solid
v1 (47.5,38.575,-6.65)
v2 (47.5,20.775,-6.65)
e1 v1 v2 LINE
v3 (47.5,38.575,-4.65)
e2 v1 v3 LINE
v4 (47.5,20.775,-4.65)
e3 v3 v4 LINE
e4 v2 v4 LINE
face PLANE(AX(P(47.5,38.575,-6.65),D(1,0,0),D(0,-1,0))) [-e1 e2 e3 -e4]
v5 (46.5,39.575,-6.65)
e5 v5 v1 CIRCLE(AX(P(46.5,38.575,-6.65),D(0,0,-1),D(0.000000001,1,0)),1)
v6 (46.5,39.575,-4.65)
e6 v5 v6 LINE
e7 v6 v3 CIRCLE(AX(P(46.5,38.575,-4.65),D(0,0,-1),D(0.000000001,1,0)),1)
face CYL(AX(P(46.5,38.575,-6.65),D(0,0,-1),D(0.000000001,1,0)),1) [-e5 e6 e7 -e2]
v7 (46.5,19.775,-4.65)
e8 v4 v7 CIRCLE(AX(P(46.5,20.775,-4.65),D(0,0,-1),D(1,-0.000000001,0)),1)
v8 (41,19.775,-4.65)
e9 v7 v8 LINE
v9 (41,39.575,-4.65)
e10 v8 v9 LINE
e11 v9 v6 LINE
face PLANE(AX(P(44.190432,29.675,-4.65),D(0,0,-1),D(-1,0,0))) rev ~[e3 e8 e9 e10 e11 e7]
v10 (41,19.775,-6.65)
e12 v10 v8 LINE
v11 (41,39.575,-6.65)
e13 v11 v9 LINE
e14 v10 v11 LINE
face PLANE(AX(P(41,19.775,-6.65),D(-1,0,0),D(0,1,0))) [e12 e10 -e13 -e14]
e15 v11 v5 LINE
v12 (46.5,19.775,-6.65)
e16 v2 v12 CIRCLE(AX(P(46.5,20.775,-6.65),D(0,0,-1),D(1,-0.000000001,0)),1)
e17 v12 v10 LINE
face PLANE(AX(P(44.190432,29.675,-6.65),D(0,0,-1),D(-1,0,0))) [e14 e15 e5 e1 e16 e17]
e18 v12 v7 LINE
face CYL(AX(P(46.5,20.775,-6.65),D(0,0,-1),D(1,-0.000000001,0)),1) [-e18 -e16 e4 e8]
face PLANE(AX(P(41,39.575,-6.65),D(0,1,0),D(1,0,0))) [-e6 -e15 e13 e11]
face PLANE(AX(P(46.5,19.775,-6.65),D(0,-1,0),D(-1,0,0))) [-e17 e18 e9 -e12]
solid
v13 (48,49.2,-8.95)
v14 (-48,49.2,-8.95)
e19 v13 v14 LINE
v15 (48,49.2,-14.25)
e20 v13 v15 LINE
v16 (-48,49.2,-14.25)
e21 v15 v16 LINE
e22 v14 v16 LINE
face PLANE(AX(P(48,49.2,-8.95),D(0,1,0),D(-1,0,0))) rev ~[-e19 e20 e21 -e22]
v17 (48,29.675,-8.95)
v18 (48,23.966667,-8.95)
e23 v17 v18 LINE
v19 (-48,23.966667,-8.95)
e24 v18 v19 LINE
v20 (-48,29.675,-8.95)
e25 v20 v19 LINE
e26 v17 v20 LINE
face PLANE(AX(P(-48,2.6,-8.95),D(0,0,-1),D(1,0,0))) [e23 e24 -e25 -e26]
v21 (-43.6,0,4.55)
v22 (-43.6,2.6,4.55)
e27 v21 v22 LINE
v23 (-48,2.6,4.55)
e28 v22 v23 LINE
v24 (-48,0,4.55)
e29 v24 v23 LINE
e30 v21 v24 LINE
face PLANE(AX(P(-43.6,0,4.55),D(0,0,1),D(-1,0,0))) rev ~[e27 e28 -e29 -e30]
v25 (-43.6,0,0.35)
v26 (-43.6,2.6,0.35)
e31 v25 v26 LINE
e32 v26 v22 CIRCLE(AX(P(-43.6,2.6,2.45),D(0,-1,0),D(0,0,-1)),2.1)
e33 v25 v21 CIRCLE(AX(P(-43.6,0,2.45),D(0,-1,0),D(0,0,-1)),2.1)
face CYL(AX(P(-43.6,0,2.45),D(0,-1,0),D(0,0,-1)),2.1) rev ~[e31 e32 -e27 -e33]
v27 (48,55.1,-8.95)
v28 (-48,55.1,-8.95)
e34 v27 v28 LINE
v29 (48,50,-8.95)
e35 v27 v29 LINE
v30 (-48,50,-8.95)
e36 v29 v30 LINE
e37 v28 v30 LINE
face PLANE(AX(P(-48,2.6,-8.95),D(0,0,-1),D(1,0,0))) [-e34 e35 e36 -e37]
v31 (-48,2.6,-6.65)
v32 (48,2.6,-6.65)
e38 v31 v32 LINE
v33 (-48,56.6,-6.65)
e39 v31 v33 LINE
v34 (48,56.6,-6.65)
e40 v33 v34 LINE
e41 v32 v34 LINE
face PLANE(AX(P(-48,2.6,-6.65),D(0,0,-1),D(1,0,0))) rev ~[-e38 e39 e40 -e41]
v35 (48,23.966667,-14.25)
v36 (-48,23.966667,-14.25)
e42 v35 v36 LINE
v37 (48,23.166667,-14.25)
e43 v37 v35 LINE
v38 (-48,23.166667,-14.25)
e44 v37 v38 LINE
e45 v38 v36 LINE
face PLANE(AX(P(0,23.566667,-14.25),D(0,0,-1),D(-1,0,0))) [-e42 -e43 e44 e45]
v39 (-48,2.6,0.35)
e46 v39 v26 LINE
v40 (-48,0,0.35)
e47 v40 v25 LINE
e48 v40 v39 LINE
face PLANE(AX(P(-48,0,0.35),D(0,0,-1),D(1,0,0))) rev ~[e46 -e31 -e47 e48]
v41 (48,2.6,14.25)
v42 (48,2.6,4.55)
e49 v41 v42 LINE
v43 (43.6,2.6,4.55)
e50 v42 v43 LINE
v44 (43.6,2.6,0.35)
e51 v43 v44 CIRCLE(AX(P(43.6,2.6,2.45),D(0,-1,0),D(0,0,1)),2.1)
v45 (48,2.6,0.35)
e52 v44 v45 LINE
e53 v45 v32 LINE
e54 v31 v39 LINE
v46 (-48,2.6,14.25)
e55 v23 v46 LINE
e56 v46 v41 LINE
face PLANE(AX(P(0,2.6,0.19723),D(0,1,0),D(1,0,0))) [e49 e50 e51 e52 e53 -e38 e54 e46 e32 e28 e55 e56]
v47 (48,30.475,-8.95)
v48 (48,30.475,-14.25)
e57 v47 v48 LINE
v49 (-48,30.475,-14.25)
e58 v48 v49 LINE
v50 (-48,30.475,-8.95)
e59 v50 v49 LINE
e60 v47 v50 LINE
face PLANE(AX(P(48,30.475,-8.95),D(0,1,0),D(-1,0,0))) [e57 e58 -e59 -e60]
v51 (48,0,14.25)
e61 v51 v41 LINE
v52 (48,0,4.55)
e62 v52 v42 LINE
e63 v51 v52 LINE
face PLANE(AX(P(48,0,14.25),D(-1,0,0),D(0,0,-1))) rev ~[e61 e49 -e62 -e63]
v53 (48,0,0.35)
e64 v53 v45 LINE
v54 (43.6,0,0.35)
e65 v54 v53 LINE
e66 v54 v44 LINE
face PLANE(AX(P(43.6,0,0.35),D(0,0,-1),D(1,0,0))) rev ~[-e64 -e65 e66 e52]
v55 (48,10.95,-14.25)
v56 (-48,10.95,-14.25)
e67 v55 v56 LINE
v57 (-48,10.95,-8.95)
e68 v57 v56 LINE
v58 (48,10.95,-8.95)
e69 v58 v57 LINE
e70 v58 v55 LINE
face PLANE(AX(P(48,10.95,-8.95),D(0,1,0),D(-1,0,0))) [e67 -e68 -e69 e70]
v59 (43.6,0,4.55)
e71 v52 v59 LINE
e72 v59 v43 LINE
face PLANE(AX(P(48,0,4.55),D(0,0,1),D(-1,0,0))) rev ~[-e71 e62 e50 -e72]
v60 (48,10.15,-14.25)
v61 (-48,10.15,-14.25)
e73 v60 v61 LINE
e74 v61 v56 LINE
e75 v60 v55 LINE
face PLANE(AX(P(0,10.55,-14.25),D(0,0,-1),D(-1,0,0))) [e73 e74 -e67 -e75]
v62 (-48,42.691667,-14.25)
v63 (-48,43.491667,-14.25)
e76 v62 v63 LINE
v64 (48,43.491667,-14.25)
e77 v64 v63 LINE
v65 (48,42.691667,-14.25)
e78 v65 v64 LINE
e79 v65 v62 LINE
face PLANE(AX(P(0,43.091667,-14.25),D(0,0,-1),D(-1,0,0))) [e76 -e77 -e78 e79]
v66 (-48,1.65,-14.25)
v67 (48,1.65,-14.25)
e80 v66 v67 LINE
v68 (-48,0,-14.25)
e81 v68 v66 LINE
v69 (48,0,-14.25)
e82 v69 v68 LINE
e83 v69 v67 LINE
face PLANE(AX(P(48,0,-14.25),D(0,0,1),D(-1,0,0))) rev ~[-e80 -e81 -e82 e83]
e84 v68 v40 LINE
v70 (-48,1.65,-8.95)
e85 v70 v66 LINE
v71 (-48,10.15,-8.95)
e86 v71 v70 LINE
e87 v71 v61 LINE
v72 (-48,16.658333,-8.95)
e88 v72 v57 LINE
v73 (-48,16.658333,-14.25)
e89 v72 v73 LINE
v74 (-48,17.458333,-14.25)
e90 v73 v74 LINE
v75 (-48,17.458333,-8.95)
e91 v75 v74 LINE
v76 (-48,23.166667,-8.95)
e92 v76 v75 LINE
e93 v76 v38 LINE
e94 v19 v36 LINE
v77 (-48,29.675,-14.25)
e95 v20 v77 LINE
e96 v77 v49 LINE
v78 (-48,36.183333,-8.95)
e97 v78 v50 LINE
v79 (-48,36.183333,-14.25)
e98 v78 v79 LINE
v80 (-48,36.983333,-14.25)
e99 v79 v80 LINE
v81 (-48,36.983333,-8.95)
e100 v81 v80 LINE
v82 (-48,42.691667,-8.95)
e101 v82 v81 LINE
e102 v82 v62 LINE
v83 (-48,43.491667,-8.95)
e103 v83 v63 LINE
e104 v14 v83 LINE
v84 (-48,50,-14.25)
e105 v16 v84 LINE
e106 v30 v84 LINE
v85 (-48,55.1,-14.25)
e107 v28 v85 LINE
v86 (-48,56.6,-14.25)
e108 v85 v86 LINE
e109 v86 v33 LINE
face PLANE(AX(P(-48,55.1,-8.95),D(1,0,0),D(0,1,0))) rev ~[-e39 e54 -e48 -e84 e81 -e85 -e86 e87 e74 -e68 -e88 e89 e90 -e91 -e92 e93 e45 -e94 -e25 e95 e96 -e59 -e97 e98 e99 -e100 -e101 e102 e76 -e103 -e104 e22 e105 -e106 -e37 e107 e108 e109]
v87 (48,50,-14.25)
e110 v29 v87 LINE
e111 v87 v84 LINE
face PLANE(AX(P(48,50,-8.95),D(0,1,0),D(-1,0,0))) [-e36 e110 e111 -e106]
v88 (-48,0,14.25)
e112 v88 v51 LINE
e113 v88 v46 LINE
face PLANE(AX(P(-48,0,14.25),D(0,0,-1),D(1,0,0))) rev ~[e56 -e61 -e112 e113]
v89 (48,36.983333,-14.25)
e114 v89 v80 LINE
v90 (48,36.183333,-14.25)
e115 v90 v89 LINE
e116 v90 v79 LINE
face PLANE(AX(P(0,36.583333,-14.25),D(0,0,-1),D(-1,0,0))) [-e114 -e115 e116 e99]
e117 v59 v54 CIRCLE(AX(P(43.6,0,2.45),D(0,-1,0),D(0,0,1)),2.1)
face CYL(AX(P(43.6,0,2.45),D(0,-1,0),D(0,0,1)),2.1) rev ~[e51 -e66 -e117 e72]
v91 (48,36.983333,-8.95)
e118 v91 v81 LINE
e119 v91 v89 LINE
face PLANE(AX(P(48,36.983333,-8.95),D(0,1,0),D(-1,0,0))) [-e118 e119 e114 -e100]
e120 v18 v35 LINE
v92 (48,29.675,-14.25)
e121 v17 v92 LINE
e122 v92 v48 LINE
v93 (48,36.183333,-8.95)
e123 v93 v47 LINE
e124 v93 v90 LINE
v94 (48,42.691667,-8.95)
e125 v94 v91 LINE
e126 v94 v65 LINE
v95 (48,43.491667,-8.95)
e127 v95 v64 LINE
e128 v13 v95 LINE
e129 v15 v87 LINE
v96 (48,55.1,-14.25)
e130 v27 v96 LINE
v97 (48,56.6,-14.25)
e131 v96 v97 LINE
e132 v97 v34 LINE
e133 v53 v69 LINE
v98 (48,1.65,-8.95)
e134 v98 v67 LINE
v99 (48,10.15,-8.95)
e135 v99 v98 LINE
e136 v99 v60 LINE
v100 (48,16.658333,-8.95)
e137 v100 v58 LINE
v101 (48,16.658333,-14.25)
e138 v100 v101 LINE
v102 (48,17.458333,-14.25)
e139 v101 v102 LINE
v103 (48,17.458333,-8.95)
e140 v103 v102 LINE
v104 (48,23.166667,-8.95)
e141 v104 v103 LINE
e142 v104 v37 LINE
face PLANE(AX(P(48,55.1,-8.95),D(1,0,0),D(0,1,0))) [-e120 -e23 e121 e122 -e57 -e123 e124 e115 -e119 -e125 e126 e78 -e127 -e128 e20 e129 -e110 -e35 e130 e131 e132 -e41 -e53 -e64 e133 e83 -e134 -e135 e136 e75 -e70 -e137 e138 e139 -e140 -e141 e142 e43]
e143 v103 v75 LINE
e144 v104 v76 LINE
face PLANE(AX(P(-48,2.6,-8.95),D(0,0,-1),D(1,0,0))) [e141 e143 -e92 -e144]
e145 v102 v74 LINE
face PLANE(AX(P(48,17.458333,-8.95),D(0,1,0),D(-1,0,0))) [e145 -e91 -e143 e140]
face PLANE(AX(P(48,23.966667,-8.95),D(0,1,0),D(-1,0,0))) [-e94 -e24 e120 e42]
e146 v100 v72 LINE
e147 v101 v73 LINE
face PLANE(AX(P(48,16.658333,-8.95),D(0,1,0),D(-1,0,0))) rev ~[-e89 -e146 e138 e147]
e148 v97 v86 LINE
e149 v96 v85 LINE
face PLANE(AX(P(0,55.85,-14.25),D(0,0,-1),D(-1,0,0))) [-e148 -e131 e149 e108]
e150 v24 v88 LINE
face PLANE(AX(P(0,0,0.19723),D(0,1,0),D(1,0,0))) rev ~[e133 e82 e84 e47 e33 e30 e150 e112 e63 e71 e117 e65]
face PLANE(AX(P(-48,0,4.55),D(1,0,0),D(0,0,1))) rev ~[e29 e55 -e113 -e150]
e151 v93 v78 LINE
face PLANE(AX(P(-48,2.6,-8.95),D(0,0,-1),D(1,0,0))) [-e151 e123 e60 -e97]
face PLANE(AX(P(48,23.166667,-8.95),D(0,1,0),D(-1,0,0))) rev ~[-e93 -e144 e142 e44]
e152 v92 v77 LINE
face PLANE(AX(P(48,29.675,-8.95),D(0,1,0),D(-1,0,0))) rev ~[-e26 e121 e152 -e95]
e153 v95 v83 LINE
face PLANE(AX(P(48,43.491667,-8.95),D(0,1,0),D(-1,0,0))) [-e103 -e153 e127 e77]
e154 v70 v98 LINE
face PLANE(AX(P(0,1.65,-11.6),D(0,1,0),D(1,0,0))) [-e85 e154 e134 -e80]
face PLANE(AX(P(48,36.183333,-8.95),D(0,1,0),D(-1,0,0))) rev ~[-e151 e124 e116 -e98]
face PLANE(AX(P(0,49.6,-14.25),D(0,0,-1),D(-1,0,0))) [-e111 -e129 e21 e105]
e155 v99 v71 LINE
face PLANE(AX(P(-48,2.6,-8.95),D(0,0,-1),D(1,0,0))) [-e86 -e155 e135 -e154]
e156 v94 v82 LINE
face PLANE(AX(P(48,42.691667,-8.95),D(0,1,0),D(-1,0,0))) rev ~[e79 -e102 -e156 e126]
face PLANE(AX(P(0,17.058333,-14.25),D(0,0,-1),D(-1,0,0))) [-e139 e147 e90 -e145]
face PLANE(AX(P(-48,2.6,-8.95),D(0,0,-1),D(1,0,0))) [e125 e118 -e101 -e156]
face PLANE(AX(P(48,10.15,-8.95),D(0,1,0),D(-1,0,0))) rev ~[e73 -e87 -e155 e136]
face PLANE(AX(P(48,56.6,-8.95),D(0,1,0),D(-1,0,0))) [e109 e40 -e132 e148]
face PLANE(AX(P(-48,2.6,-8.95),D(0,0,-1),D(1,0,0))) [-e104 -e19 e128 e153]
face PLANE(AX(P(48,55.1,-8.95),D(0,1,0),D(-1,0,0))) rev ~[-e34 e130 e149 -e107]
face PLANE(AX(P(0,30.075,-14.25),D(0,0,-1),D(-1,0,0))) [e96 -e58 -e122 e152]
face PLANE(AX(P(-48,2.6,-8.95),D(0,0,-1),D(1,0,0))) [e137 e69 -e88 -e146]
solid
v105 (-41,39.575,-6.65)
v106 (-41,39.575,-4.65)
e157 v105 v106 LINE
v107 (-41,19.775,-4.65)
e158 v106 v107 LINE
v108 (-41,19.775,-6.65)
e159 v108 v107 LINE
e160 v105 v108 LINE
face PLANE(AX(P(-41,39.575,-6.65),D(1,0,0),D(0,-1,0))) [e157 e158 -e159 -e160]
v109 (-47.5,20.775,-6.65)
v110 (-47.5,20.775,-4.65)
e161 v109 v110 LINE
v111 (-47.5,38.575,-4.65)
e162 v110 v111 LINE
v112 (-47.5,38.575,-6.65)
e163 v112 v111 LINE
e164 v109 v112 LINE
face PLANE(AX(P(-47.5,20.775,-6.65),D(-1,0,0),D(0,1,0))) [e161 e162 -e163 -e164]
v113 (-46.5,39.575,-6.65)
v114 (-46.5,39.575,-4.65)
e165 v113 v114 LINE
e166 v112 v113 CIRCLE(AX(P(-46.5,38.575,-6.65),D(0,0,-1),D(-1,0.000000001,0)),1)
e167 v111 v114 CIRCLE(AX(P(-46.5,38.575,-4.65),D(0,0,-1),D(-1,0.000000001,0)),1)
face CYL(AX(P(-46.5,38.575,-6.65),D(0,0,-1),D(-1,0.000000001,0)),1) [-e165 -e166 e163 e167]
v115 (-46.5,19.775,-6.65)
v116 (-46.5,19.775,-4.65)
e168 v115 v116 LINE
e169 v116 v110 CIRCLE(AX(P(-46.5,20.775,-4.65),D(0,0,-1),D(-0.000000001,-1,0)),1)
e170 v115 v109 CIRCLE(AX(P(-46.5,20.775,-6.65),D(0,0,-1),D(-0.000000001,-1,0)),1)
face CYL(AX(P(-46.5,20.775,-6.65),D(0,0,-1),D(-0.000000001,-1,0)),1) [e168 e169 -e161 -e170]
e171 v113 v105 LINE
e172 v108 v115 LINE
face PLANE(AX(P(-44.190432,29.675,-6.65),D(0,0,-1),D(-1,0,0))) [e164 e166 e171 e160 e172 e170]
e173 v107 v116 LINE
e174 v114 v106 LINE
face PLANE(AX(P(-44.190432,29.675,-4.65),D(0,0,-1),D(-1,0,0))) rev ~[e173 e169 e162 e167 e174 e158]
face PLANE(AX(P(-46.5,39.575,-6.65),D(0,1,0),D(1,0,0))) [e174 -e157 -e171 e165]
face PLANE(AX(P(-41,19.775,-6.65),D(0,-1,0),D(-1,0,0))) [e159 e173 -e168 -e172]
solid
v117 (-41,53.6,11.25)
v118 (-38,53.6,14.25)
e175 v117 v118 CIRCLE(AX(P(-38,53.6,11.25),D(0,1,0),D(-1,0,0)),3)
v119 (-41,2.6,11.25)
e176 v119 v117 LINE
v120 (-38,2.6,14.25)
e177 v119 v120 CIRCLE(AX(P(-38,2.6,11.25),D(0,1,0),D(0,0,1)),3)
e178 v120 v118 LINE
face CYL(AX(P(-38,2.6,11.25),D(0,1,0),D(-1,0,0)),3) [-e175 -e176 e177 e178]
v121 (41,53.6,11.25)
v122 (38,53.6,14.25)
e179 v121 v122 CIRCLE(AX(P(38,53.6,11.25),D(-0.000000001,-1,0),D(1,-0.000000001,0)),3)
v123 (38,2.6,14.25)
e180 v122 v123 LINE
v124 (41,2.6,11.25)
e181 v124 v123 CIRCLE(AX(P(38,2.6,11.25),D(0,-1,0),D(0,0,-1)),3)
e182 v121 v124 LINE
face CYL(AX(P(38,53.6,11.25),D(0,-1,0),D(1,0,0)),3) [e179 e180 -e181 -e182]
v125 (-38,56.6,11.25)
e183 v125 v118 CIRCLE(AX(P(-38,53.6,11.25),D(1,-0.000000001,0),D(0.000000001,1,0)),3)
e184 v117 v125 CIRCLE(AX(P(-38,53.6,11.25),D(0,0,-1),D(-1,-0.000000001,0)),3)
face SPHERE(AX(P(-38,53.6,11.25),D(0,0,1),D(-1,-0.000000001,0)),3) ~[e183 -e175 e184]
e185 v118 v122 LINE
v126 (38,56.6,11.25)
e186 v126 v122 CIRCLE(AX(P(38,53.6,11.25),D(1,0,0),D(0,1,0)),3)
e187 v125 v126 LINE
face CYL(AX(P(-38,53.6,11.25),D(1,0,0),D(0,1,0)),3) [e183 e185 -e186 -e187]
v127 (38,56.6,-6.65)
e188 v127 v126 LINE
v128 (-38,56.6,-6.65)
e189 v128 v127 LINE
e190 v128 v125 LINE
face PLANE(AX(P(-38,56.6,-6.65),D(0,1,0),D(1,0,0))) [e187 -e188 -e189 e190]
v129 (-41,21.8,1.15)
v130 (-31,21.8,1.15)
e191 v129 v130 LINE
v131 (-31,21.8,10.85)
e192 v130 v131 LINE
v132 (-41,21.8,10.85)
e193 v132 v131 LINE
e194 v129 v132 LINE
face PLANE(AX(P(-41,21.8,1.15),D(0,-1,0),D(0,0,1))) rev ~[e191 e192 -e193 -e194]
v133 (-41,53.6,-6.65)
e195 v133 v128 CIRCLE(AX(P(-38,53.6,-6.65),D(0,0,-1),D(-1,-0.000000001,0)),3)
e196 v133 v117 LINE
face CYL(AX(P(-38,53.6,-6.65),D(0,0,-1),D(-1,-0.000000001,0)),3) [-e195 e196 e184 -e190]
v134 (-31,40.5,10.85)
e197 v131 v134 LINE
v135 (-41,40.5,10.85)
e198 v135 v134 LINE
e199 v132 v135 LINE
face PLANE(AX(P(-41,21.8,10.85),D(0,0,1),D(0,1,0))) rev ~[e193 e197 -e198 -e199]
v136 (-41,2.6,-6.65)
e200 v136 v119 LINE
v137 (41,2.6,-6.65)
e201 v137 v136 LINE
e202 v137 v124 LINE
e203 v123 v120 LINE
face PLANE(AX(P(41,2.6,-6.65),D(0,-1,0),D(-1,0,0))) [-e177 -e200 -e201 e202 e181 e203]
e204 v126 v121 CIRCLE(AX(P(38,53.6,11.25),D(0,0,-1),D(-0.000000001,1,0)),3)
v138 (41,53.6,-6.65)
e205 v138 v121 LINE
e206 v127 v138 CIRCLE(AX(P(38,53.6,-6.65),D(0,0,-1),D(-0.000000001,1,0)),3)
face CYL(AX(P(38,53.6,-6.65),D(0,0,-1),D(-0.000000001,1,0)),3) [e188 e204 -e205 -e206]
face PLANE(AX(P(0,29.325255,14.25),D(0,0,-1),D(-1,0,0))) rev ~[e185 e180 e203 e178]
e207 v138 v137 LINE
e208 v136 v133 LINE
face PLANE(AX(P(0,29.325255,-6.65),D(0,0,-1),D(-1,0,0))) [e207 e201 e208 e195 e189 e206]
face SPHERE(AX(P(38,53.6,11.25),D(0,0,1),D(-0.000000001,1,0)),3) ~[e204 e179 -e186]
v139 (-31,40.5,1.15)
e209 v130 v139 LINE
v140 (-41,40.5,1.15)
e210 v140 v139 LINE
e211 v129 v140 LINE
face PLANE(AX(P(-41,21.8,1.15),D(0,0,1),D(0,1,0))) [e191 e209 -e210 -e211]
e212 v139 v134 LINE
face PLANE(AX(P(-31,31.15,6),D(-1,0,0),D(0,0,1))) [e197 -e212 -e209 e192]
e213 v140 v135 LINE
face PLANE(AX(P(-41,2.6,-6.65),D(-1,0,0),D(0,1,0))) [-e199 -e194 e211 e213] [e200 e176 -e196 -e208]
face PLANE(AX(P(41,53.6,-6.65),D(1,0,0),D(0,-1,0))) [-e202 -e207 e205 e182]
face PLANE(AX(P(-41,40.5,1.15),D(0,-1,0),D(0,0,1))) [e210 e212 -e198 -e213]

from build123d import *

# Parameters (mm, degrees)
RESSALTO_EXTRUS_O1_DEPTH   = 2.6
ESBO_O2_W                  = 96
ESBO_O2_H                  = 2.3
RESSALTO_EXTRUS_O2_DEPTH   = 54
ESBO_O3_W                  = 96
ESBO_O3_H                  = 5.3
CORTE_EXTRUS_O1_DEPTH      = 0.95
ESBO_O4_W                  = 96
ESBO_O4_H                  = 1.5
RESSALTO_EXTRUS_O3_DEPTH   = 5.3
ESBO_O5_W                  = 96
ESBO_O5_H                  = 0.8
EXTRUS_O_FINA1_DEPTH       = 5.3
RESSALTO_EXTRUS_O4_DEPTH   = 20.9
FILETE1_R                  = 3
ESBO_O7_W                  = 9.7
ESBO_O7_H                  = 18.7
CORTE_EXTRUS_O2_DEPTH      = 10
RESSALTO_EXTRUS_O5_DEPTH   = 2
RESSALTO_EXTRUS_O5_2_DEPTH = 2


with BuildPart() as part:
    # Esboço1 → Ressalto-extrusão1 (new body)
    with BuildSketch(Plane(origin=(0, 0, 0), x_dir=(1, 0, 0), z_dir=(0, 1, 0))):
        with BuildLine():
            Line((-48, -0.35), (-43.6, -0.35))
            ThreePointArc((-43.6, -0.35), (-41.5, -2.45), (-43.6, -4.55))
            Line((-43.6, -4.55), (-48, -4.55))
            Line((-48, -4.55), (-48, -14.25))
            Line((-48, -14.25), (48, -14.25))
            Line((48, -14.25), (48, -4.55))
            Line((48, -4.55), (43.6, -4.55))
            ThreePointArc((43.6, -4.55), (41.5, -2.45), (43.6, -0.35))
            Line((43.6, -0.35), (48, -0.35))
            Line((48, -0.35), (48, 14.25))
            Line((48, 14.25), (-48, 14.25))
            Line((-48, 14.25), (-48, -0.35))
        make_face()
    extrude(amount=RESSALTO_EXTRUS_O1_DEPTH)

    # Esboço2 → Ressalto-extrusão2 (add)
    with BuildSketch(Plane(origin=(0, 2.6, 0), x_dir=(1, 0, 0), z_dir=(0, 1, 0))):
        with Locations((0, 7.8)):
            Rectangle(ESBO_O2_W, ESBO_O2_H)
    extrude(amount=RESSALTO_EXTRUS_O2_DEPTH)

    # Esboço3 → Corte-extrusão1 (cut)
    with BuildSketch(Plane(origin=(0, 2.6, 0), x_dir=(1, 0, 0), z_dir=(0, 1, 0))):
        with Locations((0, 11.6)):
            Rectangle(ESBO_O3_W, ESBO_O3_H)
    extrude(amount=-CORTE_EXTRUS_O1_DEPTH, mode=Mode.SUBTRACT)

    # Esboço4 → Ressalto-extrusão3 (add)
    with BuildSketch(Plane(origin=(0, 0, -8.95), x_dir=(-1, 0, 0), z_dir=(0, 0, -1))):
        with Locations((0, 55.85)):
            Rectangle(ESBO_O4_W, ESBO_O4_H)
    extrude(amount=RESSALTO_EXTRUS_O3_DEPTH)

    # Esboço5 → Extrusão-Fina1 (add)
    with BuildSketch(Plane(origin=(0, 0, -8.95), x_dir=(-1, 0, 0), z_dir=(0, 0, -1))):
        with Locations((0, 49.6)):
            Rectangle(ESBO_O5_W, ESBO_O5_H)
        with Locations((0, 43.091666667)):
            Rectangle(ESBO_O5_W, ESBO_O5_H)
        with Locations((0, 36.583333333)):
            Rectangle(ESBO_O5_W, ESBO_O5_H)
        with Locations((0, 30.075)):
            Rectangle(ESBO_O5_W, ESBO_O5_H)
        with Locations((0, 23.566666667)):
            Rectangle(ESBO_O5_W, ESBO_O5_H)
        with Locations((0, 17.058333333)):
            Rectangle(ESBO_O5_W, ESBO_O5_H)
        with Locations((0, 10.55)):
            Rectangle(ESBO_O5_W, ESBO_O5_H)
    extrude(amount=EXTRUS_O_FINA1_DEPTH)


with BuildPart() as body_2:
    # Esboço6 → Ressalto-extrusão4 (new body)
    with BuildSketch(Plane.XY.offset(-6.65)):
        with BuildLine():
            Line((-38, 56.6), (38, 56.6))
            ThreePointArc((38, 56.6), (40.121320344, 55.721320344), (41, 53.6))
            Line((41, 53.6), (41, 2.6))
            Line((41, 2.6), (-41, 2.6))
            Line((-41, 2.6), (-41, 53.6))
            ThreePointArc((-41, 53.6), (-40.121320344, 55.721320344), (-38, 56.6))
        make_face()
    extrude(amount=RESSALTO_EXTRUS_O4_DEPTH)

    # Filete1
    filete1_edges = [body_2.edges().sort_by_distance(p)[0] for p in [
        (41, 28.1, 14.25),
        (40.121320344, 55.721320344, 14.25),
        (0, 56.6, 14.25),
        (-40.121320344, 55.721320344, 14.25),
        (-41, 28.1, 14.25),
    ]]
    fillet(filete1_edges, radius=FILETE1_R)

    # Esboço7 → Corte-extrusão2 (cut)
    with BuildSketch(Plane.ZY.offset(41)):
        with Locations((6, 31.15)):
            Rectangle(ESBO_O7_W, ESBO_O7_H)
    extrude(amount=-CORTE_EXTRUS_O2_DEPTH, mode=Mode.SUBTRACT)


with BuildPart() as body_3:
    # Esboço8 → Ressalto-extrusão5 (new body)
    with BuildSketch(Plane.XY.offset(-6.65)):
        with BuildLine():
            Line((-46.5, 39.575), (-41, 39.575))
            Line((-41, 39.575), (-41, 19.775))
            Line((-41, 19.775), (-46.5, 19.775))
            ThreePointArc((-46.5, 19.775), (-47.207106781, 20.067893219), (-47.5, 20.775))
            Line((-47.5, 20.775), (-47.5, 38.575))
            ThreePointArc((-47.5, 38.575), (-47.207106781, 39.282106781), (-46.5, 39.575))
        make_face()
    extrude(amount=RESSALTO_EXTRUS_O5_DEPTH)


with BuildPart() as body_4:
    # Esboço8 → Ressalto-extrus_o5 2 (new body)
    with BuildSketch(Plane.XY.offset(-6.65)):
        with BuildLine():
            Line((46.5, 19.775), (41, 19.775))
            Line((41, 19.775), (41, 39.575))
            Line((41, 39.575), (46.5, 39.575))
            ThreePointArc((46.5, 39.575), (47.207106781, 39.282106781), (47.5, 38.575))
            Line((47.5, 38.575), (47.5, 20.775))
            ThreePointArc((47.5, 20.775), (47.207106781, 20.067893219), (46.5, 19.775))
        make_face()
    extrude(amount=RESSALTO_EXTRUS_O5_2_DEPTH)


solid = Compound([part.part, body_2.part, body_3.part, body_4.part])
